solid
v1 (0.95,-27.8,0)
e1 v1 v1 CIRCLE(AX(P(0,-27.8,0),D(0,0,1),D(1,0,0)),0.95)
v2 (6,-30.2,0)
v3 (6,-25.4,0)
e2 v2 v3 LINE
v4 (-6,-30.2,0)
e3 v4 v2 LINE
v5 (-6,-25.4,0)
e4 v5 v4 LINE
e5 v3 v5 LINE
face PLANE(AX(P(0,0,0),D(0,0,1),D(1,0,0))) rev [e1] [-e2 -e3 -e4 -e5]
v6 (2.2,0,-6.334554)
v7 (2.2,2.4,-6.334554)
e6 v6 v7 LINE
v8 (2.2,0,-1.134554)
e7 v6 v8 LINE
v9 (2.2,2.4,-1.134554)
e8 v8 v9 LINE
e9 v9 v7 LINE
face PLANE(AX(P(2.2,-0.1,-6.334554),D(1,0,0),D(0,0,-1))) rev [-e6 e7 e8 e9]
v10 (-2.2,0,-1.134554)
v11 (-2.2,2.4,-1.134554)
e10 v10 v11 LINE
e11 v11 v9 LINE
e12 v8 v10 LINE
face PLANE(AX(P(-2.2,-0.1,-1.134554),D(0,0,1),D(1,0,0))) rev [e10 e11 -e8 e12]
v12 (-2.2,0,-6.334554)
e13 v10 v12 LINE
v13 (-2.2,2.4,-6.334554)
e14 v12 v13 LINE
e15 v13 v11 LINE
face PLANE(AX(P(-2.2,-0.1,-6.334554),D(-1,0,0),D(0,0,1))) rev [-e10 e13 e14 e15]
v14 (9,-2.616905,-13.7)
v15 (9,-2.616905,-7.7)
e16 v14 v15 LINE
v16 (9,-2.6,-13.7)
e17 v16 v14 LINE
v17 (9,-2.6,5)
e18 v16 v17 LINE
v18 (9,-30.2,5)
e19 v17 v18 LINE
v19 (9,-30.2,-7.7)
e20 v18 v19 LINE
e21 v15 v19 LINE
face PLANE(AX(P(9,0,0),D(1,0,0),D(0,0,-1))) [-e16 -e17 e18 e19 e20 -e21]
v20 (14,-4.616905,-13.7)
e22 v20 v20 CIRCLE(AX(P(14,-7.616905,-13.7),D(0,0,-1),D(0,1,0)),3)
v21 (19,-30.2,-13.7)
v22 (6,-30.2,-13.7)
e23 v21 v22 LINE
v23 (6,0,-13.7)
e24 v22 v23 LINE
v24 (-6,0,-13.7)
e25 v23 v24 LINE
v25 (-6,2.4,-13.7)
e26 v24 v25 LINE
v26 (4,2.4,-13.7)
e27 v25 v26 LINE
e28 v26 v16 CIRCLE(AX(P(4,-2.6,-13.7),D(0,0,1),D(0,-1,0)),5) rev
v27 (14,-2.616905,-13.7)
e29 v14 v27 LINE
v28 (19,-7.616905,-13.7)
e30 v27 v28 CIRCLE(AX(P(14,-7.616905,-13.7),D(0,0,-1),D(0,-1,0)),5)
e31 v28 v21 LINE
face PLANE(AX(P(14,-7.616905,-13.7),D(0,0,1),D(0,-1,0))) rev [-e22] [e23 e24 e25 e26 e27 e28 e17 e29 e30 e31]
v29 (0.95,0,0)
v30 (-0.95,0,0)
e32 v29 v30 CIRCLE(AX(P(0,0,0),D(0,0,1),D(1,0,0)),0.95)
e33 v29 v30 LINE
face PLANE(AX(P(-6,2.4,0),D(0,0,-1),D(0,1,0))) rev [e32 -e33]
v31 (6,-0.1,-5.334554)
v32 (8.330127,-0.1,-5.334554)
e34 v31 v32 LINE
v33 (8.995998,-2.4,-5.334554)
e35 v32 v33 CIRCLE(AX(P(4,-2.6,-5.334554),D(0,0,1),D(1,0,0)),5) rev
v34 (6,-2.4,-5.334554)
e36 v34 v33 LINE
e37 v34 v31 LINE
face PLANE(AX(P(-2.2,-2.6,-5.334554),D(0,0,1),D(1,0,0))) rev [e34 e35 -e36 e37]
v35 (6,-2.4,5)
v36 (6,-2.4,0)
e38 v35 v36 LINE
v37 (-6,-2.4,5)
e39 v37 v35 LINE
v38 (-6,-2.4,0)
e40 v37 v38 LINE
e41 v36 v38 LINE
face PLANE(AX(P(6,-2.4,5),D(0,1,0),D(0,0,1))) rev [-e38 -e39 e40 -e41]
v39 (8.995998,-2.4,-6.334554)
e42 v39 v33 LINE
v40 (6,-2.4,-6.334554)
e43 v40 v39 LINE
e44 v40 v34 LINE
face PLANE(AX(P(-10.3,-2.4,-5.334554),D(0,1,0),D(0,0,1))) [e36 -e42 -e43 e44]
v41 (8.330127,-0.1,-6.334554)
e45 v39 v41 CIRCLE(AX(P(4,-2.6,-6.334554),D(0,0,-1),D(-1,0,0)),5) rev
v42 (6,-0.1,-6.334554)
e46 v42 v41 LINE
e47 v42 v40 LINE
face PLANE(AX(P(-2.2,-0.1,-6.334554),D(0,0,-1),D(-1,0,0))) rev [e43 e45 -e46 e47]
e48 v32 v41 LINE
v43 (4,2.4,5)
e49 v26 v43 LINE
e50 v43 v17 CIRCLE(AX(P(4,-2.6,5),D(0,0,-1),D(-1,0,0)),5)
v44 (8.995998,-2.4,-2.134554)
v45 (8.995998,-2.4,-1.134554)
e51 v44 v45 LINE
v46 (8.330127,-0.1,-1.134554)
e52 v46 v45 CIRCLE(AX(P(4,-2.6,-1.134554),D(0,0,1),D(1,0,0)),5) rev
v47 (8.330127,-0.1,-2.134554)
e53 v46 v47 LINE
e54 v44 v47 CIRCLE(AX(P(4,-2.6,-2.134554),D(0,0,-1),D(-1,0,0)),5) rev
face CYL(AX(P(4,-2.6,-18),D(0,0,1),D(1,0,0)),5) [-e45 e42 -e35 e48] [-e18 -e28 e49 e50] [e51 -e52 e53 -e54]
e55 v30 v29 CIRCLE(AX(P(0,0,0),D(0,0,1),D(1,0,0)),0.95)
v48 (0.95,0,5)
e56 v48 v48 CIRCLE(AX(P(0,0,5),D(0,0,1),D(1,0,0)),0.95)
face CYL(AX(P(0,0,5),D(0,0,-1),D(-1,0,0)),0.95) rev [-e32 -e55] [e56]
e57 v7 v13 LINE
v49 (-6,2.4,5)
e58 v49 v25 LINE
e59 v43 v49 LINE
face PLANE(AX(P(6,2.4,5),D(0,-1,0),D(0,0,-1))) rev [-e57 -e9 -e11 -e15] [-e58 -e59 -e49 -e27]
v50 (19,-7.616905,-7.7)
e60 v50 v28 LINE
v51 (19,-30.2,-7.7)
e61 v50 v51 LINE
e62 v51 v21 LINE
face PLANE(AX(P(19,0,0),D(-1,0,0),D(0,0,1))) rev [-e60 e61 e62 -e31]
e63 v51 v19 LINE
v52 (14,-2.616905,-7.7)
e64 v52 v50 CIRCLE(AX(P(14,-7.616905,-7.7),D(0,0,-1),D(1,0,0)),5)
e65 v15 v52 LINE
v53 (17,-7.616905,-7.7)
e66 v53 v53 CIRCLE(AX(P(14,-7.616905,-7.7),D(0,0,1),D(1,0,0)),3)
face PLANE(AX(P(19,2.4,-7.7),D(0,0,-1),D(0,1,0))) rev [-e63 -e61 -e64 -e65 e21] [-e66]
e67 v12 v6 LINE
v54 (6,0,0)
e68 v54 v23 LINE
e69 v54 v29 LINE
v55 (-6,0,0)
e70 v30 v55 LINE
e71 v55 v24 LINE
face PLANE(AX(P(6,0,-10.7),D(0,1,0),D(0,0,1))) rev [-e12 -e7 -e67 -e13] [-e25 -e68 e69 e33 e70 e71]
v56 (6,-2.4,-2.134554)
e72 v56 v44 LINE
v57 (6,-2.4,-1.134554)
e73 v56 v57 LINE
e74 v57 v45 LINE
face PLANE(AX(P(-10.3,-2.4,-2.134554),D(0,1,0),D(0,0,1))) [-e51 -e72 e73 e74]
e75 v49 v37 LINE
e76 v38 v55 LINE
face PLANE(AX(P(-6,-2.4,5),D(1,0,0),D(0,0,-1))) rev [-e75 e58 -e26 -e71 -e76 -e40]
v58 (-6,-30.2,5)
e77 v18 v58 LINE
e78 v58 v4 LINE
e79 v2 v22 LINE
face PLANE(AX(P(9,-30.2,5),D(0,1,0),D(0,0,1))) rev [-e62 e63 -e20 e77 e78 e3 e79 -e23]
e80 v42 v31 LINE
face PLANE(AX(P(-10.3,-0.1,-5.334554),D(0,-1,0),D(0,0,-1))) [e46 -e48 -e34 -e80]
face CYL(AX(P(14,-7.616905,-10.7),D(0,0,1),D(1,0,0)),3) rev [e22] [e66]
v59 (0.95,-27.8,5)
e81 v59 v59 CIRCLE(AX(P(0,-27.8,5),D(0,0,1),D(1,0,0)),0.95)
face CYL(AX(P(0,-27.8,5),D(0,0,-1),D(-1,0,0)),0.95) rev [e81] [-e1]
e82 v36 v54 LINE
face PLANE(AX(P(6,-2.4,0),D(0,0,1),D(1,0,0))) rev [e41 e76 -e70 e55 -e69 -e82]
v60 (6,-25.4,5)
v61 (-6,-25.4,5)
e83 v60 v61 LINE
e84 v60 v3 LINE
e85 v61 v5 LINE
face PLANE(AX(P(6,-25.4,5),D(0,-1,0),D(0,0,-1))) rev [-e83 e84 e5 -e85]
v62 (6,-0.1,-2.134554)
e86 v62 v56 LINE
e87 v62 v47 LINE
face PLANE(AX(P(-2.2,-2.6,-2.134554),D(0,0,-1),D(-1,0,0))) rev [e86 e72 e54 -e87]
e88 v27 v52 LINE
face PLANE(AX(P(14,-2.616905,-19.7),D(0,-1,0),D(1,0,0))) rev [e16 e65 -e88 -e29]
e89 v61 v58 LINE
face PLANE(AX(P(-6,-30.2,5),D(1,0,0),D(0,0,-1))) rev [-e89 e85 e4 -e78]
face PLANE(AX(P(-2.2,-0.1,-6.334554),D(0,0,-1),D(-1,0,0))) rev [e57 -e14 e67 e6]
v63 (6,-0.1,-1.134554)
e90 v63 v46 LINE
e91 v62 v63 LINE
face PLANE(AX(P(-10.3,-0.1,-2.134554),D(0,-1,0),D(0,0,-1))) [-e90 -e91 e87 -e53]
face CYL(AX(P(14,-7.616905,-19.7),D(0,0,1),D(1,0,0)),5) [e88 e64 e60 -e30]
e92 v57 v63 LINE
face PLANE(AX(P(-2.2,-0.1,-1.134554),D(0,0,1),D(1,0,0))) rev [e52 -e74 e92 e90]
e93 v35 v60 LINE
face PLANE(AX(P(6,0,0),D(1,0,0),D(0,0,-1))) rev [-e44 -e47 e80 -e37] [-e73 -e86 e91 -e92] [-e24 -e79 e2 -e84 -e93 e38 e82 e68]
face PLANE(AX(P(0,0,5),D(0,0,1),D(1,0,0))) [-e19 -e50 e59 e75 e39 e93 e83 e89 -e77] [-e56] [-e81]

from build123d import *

# Parameters (mm, degrees)
SKETCH_1_W               = 12
SKETCH_1_H               = 4.8
SKETCH_1_R               = 0.95
EXTRUDE_1_DEPTH          = 5
EXTRUDE_1_2_DEPTH        = 5
SKETCH_2_W               = 15.7
SKETCH_2_H               = 32.6
EXTRUDE_2_DEPTH          = 3
SKETCH_3_W               = 3
SKETCH_3_H               = 32.6
EXTRUDE_3_DEPTH          = 10
SKETCH_6_R               = 3
CUT_EXTRUDE_1_DEPTH      = 38.872549426
SKETCH_7_W               = 10.7
SKETCH_7_H               = 4.8
EXTRUDE_5_DEPTH          = 12
SKETCH_9_W               = 4.4
SKETCH_9_H               = 5.2
CUT_EXTRUDE_2_DEPTH      = 2.5
SKETCH_10_W              = 4.4
SKETCH_10_H              = 1
CUT_EXTRUDE_3_DEPTH      = 2.5
CUT_EXTRUDE_4_DEPTH      = 12.5
CUT_EXTRUDE_4_DEPTH_BACK = 12.5
SKETCH_11_W              = 1
SKETCH_11_H              = 2.3
SKETCH_12_W              = 10.7
SKETCH_12_H              = 2.4
CUT_EXTRUDE_5_DEPTH      = 12
CUT_EXTRUDE_6_DEPTH      = 12
SKETCH_14_R              = 3
EXTRUDE_6_DEPTH          = 3
CUT_EXTRUDE_7_DEPTH      = 23


with BuildPart() as part:
    # 草图1 → 凸台-拉伸1 (new body)
    with BuildSketch(Plane.XY):
        Rectangle(SKETCH_1_W, SKETCH_1_H)
        Circle(SKETCH_1_R, mode=Mode.SUBTRACT)
    extrude(amount=EXTRUDE_1_DEPTH)



with BuildPart() as body_2:
    # 草图1 → Extrude 1 2 (new body)
    with BuildSketch(Plane.XY):
        with Locations((0, -27.8)):
            Rectangle(SKETCH_1_W, SKETCH_1_H)
        with Locations((0, -27.8)):
            Circle(SKETCH_1_R, mode=Mode.SUBTRACT)
    extrude(amount=EXTRUDE_1_2_DEPTH)


with BuildPart() as part_1:
    add(part.part)

    add(body_2.part)  # 凸台-拉伸2 merges body 2
    # 草图2 → 凸台-拉伸2 (add)
    with BuildSketch(Plane(origin=(6, 0, 0), x_dir=(0, 0, -1), z_dir=(1, 0, 0))):
        with Locations((2.85, -13.9)):
            Rectangle(SKETCH_2_W, SKETCH_2_H)
    extrude(amount=EXTRUDE_2_DEPTH)

    # 草图3 → 凸台-拉伸3 (add)
    with BuildSketch(Plane(origin=(9, 0, 0), x_dir=(0, 0, -1), z_dir=(1, 0, 0))):
        with Locations((9.2, -13.9)):
            Rectangle(SKETCH_3_W, SKETCH_3_H)
    extrude(amount=EXTRUDE_3_DEPTH)

    # 草图6 → 切除-拉伸1 (cut, through all)
    with BuildSketch(Plane.XY.offset(-7.7)):
        with Locations((14, -7.6169052)):
            Circle(SKETCH_6_R)
    extrude(amount=-CUT_EXTRUDE_1_DEPTH, mode=Mode.SUBTRACT)

    # 草图7 → 凸台-拉伸5 (add)
    with BuildSketch(Plane.ZY.offset(-6)):
        with Locations((-5.35, 0)):
            Rectangle(SKETCH_7_W, SKETCH_7_H)
    extrude(amount=EXTRUDE_5_DEPTH)

    # 草图9 → 切除-拉伸2 (cut)
    with BuildSketch(Plane(origin=(0, 2.4, 0), x_dir=(1, 0, 0), z_dir=(0, 1, 0))):
        with Locations((0, 3.734554069)):
            Rectangle(SKETCH_9_W, SKETCH_9_H)
    extrude(amount=-CUT_EXTRUDE_2_DEPTH, mode=Mode.SUBTRACT)

    # 草图10 → 切除-拉伸3 (cut)
    with BuildSketch(Plane(origin=(0, -0.1, 0), x_dir=(1, 0, 0), z_dir=(0, 1, 0))):
        with Locations((0, 5.834554069)):
            Rectangle(SKETCH_10_W, SKETCH_10_H)
        with Locations((0, 1.634554069)):
            Rectangle(SKETCH_10_W, SKETCH_10_H)
    extrude(amount=-CUT_EXTRUDE_3_DEPTH, mode=Mode.SUBTRACT)

    # 草图11 → 切除-拉伸4 (cut, two sides: drawn at the far end of the back side and taken through both)
    with BuildSketch(Plane.ZY.offset(-2.2).offset(-CUT_EXTRUDE_4_DEPTH_BACK)):
        with Locations((-1.634554069, -1.25)):
            Rectangle(SKETCH_11_W, SKETCH_11_H)
        with Locations((-5.834554069, -1.25)):
            Rectangle(SKETCH_11_W, SKETCH_11_H)
    extrude(amount=CUT_EXTRUDE_4_DEPTH + CUT_EXTRUDE_4_DEPTH_BACK, mode=Mode.SUBTRACT)

    # 草图12 → 切除-拉伸5 (cut)
    with BuildSketch(Plane.ZY.offset(6)):
        with Locations((-5.35, -1.2)):
            Rectangle(SKETCH_12_W, SKETCH_12_H)
    extrude(amount=-CUT_EXTRUDE_5_DEPTH, mode=Mode.SUBTRACT)

    # 草图13 → 切除-拉伸6 (cut)
    with BuildSketch(Plane.XY.offset(-7.7)):
        with BuildLine():
            Line((14, -2.6169052), (9, -2.6169052))
            Line((9, -2.6169052), (9, 2.4))
            Line((9, 2.4), (19, 2.4))
            Line((19, 2.4), (19, -7.6169052))
            ThreePointArc((19, -7.6169052), (17.535533906, -4.081371294), (14, -2.6169052))
        make_face()
    extrude(amount=-CUT_EXTRUDE_6_DEPTH, mode=Mode.SUBTRACT)

    # 草图14 → 凸台-拉伸6 (add)
    with BuildSketch(Plane(origin=(0, 0, -10.7), x_dir=(-1, 0, 0), z_dir=(0, 0, -1))):
        with BuildLine():
            Line((-19, -7.6169052), (-19, -30.2))
            Line((-19, -30.2), (-6, -30.2))
            Line((-6, -30.2), (-6, 0))
            Line((-6, 0), (6, 0))
            Line((6, 0), (6, 2.4))
            Line((6, 2.4), (-9, 2.4))
            Line((-9, 2.4), (-9, -2.6169052))
            Line((-9, -2.6169052), (-14, -2.6169052))
            ThreePointArc((-14, -2.6169052), (-17.535533906, -4.081371294), (-19, -7.6169052))
        make_face()
        with Locations(Location((-14, -7.6169052, 0), (0, 0, 180))):
            Circle(SKETCH_14_R, mode=Mode.SUBTRACT)
    extrude(amount=EXTRUDE_6_DEPTH)

    # 草图15 → 切除-拉伸7 (cut)
    with BuildSketch(Plane.XY.offset(5)):
        with BuildLine():
            Line((9, -2.6), (9, 2.4))
            Line((9, 2.4), (4, 2.4))
            ThreePointArc((4, 2.4), (7.535533906, 0.935533906), (9, -2.6))
        make_face()
    extrude(amount=-CUT_EXTRUDE_7_DEPTH, mode=Mode.SUBTRACT)


solid = part_1.part
